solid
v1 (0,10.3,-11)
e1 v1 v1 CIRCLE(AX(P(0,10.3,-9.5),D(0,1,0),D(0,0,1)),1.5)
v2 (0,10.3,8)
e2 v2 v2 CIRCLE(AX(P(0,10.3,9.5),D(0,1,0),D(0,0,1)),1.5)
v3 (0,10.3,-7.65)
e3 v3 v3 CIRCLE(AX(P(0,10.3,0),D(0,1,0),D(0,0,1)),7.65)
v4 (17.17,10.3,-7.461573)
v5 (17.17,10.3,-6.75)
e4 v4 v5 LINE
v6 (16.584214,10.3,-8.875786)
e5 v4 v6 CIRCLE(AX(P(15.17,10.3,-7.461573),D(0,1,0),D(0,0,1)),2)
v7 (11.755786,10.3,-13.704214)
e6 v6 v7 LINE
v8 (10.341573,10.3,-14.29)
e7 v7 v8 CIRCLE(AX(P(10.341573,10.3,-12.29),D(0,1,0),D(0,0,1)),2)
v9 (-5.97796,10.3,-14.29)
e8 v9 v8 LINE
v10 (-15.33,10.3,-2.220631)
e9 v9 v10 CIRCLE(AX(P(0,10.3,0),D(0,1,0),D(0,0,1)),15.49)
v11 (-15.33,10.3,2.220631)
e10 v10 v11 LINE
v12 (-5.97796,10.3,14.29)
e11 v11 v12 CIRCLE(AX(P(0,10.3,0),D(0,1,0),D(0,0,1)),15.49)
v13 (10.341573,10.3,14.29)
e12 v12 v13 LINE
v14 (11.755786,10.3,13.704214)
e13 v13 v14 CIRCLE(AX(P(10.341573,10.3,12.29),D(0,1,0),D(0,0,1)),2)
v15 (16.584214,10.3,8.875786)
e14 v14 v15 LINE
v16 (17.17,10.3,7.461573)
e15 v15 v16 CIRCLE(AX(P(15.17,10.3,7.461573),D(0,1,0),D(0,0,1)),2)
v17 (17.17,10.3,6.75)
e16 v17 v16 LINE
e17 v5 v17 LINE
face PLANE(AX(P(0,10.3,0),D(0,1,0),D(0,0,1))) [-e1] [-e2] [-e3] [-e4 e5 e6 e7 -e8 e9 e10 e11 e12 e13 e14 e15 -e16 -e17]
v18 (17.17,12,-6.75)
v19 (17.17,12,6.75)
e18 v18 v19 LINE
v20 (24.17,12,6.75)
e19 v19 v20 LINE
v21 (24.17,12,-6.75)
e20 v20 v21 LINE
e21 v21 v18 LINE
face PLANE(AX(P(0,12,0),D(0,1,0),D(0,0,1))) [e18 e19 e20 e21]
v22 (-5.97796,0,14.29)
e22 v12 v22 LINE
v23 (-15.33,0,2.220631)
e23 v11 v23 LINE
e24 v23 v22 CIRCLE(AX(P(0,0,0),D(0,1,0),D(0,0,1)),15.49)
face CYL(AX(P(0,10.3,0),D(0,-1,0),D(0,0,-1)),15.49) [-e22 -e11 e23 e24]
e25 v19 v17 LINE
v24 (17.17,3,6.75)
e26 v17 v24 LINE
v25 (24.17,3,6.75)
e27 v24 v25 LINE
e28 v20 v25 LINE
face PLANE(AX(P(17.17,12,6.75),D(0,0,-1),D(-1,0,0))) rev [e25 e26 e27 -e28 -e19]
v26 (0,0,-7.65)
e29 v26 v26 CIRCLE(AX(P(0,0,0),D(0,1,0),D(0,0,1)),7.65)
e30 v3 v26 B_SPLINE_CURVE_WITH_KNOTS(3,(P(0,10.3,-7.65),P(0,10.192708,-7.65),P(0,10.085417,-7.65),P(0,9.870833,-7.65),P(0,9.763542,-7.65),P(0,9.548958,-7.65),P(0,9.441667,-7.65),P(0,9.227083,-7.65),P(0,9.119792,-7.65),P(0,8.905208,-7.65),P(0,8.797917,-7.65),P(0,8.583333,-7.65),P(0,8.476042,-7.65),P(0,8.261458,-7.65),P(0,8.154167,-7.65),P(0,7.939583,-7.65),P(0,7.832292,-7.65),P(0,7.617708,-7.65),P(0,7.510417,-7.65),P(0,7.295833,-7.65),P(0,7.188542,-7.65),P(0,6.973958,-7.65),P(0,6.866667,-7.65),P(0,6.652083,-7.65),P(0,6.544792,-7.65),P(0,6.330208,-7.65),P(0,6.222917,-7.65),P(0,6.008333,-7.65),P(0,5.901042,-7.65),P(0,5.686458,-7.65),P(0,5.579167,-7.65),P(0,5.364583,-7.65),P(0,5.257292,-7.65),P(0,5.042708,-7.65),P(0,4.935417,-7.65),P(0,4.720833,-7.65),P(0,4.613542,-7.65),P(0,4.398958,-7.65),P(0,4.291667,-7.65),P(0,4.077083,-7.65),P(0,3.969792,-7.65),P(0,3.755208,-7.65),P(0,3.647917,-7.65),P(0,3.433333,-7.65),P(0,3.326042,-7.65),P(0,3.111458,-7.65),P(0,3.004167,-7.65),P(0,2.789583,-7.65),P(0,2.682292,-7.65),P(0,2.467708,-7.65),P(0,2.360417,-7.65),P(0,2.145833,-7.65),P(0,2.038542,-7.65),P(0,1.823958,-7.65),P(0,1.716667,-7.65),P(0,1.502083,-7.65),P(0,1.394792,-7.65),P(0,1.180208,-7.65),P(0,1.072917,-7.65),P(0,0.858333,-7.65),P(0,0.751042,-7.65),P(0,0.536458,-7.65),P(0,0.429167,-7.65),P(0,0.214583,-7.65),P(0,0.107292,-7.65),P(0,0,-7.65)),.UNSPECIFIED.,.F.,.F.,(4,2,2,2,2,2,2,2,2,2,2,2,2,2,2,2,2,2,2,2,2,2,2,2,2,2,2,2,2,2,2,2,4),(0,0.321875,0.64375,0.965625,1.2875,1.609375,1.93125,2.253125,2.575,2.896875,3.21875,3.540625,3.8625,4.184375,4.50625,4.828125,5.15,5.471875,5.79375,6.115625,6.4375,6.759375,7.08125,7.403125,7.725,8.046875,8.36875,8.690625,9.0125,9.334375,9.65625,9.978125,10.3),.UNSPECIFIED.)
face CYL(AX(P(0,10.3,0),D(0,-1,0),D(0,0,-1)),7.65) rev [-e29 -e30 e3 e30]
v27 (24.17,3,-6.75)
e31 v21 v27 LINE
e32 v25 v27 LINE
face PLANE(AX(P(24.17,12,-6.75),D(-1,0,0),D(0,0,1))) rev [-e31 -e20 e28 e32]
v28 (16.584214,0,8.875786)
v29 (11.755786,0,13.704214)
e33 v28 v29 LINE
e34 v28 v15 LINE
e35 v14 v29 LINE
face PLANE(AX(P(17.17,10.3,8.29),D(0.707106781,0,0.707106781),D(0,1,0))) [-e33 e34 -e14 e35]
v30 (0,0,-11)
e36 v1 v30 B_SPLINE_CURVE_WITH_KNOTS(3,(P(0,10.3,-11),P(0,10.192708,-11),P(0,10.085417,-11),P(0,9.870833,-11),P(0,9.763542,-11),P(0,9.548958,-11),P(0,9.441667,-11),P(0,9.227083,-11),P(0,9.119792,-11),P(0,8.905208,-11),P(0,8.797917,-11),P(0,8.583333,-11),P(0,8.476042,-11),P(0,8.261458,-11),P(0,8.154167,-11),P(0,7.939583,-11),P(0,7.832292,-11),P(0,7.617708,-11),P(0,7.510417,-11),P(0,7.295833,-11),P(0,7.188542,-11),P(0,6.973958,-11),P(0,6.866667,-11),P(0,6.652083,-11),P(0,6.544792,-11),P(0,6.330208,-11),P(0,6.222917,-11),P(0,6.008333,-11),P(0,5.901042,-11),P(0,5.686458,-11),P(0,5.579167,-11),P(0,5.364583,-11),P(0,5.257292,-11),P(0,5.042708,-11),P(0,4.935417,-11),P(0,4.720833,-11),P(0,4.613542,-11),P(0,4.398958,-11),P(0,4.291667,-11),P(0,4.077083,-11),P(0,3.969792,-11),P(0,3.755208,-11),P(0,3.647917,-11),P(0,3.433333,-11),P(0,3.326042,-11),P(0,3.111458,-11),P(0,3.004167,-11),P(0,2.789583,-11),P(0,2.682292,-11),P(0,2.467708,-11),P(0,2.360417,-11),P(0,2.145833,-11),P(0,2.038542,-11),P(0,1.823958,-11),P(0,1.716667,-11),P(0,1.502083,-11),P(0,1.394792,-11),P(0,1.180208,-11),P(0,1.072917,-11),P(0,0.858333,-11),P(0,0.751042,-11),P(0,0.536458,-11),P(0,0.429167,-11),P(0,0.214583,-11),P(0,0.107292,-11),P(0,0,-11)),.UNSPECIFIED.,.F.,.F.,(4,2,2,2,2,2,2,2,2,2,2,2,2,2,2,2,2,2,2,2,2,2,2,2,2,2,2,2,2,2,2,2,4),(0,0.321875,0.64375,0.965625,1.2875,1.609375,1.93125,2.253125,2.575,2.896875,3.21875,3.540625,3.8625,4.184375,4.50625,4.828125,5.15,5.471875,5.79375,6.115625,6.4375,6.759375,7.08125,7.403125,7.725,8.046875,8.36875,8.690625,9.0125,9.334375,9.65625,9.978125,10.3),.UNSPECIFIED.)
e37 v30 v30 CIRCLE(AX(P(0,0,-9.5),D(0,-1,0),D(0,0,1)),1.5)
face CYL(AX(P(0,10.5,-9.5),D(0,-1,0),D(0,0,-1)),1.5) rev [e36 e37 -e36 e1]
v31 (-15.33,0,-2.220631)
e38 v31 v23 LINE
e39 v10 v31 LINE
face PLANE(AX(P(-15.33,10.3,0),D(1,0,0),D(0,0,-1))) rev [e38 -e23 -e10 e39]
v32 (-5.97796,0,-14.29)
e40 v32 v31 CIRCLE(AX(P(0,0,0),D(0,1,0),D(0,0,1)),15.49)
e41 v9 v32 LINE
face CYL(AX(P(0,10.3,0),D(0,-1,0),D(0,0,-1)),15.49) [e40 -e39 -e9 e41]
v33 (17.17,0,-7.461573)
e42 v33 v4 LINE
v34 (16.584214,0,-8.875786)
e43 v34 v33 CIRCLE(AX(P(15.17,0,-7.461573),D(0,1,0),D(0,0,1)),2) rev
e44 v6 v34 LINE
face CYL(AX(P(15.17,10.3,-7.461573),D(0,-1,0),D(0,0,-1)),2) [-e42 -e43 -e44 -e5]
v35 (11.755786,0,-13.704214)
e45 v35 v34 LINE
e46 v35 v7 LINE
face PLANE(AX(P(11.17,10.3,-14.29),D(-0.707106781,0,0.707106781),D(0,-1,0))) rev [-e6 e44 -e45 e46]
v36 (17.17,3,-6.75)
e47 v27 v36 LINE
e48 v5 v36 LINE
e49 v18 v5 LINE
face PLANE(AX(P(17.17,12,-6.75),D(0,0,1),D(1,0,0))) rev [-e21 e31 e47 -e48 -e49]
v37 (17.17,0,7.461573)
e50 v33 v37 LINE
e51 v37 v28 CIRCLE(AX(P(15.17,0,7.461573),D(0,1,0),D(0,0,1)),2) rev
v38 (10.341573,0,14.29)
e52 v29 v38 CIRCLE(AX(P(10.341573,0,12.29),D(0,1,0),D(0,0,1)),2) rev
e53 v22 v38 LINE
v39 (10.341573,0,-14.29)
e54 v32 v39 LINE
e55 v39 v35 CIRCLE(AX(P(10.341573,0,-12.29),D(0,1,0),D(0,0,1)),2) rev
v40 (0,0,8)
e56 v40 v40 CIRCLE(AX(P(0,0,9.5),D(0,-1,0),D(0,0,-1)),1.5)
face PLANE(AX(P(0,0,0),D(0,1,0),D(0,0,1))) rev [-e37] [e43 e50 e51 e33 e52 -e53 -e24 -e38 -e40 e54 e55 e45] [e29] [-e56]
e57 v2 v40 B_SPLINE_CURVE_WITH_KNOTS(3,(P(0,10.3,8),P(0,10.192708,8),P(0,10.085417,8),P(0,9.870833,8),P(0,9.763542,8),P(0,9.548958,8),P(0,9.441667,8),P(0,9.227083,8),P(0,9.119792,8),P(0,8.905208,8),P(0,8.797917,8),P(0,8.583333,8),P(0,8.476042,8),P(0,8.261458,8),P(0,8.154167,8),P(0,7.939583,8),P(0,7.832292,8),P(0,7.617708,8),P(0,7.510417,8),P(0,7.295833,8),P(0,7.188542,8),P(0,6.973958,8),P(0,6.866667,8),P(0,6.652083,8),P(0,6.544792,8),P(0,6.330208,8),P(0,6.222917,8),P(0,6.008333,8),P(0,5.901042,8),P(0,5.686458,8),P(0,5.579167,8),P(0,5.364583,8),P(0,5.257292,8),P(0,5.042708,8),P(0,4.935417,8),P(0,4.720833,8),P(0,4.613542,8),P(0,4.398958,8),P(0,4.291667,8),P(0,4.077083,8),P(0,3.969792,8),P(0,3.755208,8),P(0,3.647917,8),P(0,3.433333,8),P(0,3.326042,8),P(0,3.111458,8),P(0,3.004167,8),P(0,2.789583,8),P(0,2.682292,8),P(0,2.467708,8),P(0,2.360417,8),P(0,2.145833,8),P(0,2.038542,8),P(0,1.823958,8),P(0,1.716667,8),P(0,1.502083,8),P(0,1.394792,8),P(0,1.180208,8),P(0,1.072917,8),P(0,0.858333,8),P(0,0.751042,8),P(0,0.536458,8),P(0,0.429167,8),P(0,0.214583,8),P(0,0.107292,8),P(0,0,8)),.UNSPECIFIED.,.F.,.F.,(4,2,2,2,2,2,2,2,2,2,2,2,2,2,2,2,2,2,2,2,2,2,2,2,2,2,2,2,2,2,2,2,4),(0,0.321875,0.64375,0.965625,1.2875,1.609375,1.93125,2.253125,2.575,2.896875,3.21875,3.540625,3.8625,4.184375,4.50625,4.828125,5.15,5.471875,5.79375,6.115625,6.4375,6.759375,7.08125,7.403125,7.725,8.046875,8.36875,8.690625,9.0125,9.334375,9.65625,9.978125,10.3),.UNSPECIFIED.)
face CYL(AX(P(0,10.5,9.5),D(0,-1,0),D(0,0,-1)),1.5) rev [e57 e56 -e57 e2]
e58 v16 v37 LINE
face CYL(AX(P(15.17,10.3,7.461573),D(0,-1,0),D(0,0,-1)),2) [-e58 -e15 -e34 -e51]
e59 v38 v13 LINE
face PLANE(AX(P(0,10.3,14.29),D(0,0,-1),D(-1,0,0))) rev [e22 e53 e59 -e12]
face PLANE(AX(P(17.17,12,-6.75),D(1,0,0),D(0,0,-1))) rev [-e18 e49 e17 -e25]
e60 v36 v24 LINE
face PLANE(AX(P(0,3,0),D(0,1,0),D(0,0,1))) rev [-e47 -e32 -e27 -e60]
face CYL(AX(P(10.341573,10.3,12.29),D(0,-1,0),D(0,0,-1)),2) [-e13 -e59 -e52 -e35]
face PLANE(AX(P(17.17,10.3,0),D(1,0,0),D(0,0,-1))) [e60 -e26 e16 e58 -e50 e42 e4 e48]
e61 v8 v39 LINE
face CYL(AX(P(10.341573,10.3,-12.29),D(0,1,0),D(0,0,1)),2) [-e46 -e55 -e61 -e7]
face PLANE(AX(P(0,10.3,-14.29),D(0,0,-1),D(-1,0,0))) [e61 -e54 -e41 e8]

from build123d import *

# Parameters (mm, degrees)
SKETCH_1_R          = 7.65
EXTRUDE_1_DEPTH     = 10.3
SKETCH_2_R          = 1.5
CUT_EXTRUDE_1_DEPTH = 10.5
CHAMFER_1_SIZE      = 6
FILLET_1_R          = 2
EXTRUDE_START       = 3
SKETCH_4_W          = 7
SKETCH_4_H          = 13.5
EXTRUDE_2_DEPTH     = 9


with BuildPart() as part:
    # ｽｹｯﾁ1 → ﾎﾞｽ - 押し出し1 (new body)
    with BuildSketch(Plane(origin=(0, 0, 0), x_dir=(1, 0, 0), z_dir=(0, 1, 0))):
        with BuildLine():
            Line((17.17, 14.29), (-5.977959518, 14.29))
            ThreePointArc((-5.977959518, 14.29), (-12.244374402, 9.48764436), (-15.33, 2.220630541))
            Line((-15.33, 2.220630541), (-15.33, -2.220630541))
            ThreePointArc((-15.33, -2.220630541), (-12.244374402, -9.48764436), (-5.977959518, -14.29))
            Line((-5.977959518, -14.29), (17.17, -14.29))
            Line((17.17, -14.29), (17.17, 14.29))
        make_face()
        with Locations(Location((0, 0, 0), (0, 0, 90))):
            Circle(SKETCH_1_R, mode=Mode.SUBTRACT)
    extrude(amount=EXTRUDE_1_DEPTH)

    # ｽｹｯﾁ2 → ｶｯﾄ - 押し出し1 (cut)
    with BuildSketch(Plane.XZ):
        with Locations(Location((0, 9.5, 0), (0, 0, 270))):
            Circle(SKETCH_2_R)
        with Locations(Location((0, -9.5, 0), (0, 0, 270))):
            Circle(SKETCH_2_R)
    extrude(amount=-CUT_EXTRUDE_1_DEPTH, mode=Mode.SUBTRACT)

    # 面取り1
    chamfer_1_edges = [part.edges().sort_by_distance(p)[0] for p in [
        (17.17, 5.15, -14.29),
        (17.17, 5.15, 14.29),
    ]]
    chamfer(chamfer_1_edges, length=CHAMFER_1_SIZE)

    # ﾌｨﾚｯﾄ1
    fillet_1_edges = [part.edges().sort_by_distance(p)[0] for p in [
        (11.17, 5.15, -14.29),
        (17.17, 5.15, 8.29),
        (17.17, 5.15, -8.29),
        (11.17, 5.15, 14.29),
    ]]
    fillet(fillet_1_edges, radius=FILLET_1_R)

    # ｽｹｯﾁ4 → ﾎﾞｽ - 押し出し2 (add)
    with BuildSketch(Plane(origin=(0, 0, 0), x_dir=(1, 0, 0), z_dir=(0, 1, 0)).offset(EXTRUDE_START)):
        with Locations((20.67, 0)):
            Rectangle(SKETCH_4_W, SKETCH_4_H)
    extrude(amount=EXTRUDE_2_DEPTH)


solid = part.part
